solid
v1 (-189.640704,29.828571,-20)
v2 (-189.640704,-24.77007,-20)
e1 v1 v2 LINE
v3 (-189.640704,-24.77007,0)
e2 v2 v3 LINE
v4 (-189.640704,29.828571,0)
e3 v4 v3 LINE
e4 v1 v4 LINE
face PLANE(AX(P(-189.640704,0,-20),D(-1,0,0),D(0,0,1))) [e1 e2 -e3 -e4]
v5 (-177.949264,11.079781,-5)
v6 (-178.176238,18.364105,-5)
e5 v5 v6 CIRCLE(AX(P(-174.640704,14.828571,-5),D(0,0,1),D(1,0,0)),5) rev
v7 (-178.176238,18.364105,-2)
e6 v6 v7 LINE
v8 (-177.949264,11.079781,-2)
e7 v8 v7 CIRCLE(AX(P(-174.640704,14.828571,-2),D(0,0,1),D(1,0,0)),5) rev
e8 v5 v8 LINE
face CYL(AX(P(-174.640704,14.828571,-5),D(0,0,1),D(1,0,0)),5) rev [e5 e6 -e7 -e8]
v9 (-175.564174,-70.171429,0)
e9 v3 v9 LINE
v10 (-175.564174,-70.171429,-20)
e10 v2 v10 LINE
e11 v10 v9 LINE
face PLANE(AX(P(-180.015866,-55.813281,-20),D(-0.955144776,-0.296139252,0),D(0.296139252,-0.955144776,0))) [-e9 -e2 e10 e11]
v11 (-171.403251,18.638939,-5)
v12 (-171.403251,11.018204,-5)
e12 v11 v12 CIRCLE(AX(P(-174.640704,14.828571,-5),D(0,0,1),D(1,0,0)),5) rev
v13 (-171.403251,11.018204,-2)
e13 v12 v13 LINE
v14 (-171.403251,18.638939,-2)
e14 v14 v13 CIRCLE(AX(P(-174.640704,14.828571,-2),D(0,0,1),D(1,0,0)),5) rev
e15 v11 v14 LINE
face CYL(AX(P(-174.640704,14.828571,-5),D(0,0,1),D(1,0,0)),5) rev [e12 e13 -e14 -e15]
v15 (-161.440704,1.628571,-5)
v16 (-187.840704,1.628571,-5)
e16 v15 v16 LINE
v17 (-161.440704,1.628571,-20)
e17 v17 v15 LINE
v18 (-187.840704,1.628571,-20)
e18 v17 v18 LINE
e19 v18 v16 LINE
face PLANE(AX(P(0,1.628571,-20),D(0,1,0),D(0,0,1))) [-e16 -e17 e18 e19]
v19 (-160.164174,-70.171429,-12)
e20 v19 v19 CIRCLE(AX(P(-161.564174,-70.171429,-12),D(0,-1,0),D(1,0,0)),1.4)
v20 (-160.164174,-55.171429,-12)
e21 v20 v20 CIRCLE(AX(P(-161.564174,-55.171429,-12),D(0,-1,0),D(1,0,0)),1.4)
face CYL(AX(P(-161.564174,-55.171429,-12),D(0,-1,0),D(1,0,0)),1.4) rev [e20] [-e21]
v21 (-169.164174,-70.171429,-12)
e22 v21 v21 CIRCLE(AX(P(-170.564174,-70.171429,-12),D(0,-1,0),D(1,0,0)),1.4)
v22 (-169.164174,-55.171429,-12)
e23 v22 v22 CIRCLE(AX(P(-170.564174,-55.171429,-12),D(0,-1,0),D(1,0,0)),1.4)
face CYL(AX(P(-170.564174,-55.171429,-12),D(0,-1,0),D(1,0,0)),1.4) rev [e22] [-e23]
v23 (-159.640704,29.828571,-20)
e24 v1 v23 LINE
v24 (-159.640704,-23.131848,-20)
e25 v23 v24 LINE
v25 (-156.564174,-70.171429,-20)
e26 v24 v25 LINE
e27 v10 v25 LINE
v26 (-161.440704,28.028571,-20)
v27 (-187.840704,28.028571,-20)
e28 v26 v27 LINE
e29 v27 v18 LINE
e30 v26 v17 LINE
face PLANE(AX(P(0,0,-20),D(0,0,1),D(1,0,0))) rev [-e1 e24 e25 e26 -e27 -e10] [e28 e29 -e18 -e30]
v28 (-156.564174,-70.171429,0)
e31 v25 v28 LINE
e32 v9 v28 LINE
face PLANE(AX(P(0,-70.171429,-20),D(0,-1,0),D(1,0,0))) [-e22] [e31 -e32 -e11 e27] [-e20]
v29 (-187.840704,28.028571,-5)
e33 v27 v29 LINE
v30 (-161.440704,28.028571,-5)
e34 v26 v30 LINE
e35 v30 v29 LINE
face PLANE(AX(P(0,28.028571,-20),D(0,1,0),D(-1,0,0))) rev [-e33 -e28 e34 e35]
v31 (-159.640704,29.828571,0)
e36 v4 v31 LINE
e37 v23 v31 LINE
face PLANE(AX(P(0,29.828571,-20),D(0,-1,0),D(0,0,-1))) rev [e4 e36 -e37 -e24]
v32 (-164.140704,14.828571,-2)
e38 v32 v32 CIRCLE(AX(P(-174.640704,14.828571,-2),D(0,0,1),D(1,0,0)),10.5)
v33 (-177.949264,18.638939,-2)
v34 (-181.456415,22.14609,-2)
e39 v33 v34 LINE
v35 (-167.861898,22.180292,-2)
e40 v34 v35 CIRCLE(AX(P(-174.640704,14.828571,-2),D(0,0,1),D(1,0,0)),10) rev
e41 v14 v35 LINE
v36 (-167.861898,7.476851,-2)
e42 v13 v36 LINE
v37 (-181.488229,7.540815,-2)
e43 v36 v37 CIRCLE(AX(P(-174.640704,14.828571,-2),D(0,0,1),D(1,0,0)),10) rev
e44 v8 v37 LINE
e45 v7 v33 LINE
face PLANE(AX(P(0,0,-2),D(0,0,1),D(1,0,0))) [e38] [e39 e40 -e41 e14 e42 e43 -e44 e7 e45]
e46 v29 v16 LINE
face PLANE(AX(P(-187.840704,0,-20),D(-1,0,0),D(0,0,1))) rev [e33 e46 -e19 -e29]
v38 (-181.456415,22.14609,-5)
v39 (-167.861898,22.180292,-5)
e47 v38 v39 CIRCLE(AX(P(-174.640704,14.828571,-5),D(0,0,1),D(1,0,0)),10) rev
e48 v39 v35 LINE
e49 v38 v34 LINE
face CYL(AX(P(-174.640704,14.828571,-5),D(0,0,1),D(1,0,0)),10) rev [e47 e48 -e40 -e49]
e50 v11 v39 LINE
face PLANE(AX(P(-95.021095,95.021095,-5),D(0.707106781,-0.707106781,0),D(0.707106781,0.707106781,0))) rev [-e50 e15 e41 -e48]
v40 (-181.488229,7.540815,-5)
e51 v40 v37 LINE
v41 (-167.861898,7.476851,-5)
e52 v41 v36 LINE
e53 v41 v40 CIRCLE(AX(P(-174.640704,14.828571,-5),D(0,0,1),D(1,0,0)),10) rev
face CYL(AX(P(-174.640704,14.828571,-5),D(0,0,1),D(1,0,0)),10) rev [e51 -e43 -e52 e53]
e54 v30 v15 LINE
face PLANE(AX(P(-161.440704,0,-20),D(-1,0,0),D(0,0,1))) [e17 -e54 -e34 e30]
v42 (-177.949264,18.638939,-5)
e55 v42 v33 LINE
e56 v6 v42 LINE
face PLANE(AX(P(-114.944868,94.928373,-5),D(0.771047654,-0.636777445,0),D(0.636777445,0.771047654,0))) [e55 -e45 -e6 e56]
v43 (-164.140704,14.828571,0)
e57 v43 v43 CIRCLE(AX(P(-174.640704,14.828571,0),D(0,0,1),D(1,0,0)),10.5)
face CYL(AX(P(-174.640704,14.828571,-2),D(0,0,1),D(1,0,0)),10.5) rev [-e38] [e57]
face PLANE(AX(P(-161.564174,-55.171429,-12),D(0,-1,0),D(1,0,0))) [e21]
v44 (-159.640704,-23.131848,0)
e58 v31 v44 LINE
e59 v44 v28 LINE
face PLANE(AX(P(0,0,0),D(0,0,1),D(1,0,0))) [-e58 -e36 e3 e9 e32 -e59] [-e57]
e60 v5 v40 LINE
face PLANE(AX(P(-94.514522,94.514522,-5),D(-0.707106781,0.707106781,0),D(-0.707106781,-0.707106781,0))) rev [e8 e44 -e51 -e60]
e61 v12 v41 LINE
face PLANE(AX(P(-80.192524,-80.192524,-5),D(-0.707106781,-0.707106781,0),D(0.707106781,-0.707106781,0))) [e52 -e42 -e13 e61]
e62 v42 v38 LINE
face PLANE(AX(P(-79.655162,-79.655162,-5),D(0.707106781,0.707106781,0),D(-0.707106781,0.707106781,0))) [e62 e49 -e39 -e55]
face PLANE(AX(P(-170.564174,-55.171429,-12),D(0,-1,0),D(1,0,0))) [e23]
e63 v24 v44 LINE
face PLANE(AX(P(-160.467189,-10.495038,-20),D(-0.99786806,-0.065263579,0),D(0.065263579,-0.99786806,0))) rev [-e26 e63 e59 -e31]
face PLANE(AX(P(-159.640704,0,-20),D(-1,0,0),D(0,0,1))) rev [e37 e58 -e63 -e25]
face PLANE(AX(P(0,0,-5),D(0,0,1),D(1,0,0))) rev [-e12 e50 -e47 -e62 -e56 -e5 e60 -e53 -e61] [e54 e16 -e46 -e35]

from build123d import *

# Parameters (mm, degrees)
SKETCH1_3_W         = 26.4
SKETCH1_3_H         = 26.4
BOSS_EXTRUDE3_DEPTH = 20
SKETCH1_10_W        = 26.4
SKETCH1_10_H        = 26.4
BOSS_EXTRUDE7_DEPTH = 5
SKETCH1_R           = 10.5
CUT_EXTRUDE1_DEPTH  = 2
SKETCH2_R           = 1.4
CUT_EXTRUDE2_DEPTH  = 15


with BuildPart() as part:
    # Sketch1<3> → Boss-Extrude3 (new body)
    with BuildSketch(Plane.XY):
        Polygon((-189.640703899, -24.770069728), (-175.564173506, -70.171428571), (-156.564173506, -70.171428571), (-159.640703899, -23.131847808), (-159.640703899, 29.828571429), (-189.640703899, 29.828571429), align=None)
        with Locations((-174.640703899, 14.828571429)):
            Rectangle(SKETCH1_3_W, SKETCH1_3_H, mode=Mode.SUBTRACT)
    extrude(amount=-BOSS_EXTRUDE3_DEPTH)

    # Sketch1<10> → Boss-Extrude7 (add)
    with BuildSketch(Plane.XY):
        with Locations((-174.640703899, 14.828571429)):
            Rectangle(SKETCH1_10_W, SKETCH1_10_H)
        with BuildLine():
            Line((-171.403251306, 11.018203899), (-167.861898306, 7.4768509))
            ThreePointArc((-167.861898306, 7.4768509), (-174.687644898, 4.828681602), (-181.488229417, 7.540814964))
            Line((-181.488229417, 7.540814964), (-177.949263698, 11.079780683))
            ThreePointArc((-177.949263698, 11.079780683), (-179.638278417, 14.672850745), (-178.176237805, 18.364105335))
            Line((-178.176237805, 18.364105335), (-177.949263698, 18.638938958))
            Line((-177.949263698, 18.638938958), (-181.456415012, 22.146090272))
            ThreePointArc((-181.456415012, 22.146090272), (-174.665862261, 24.828539781), (-167.861898306, 22.180291958))
            Line((-167.861898306, 22.180291958), (-171.403251306, 18.638938958))
            ThreePointArc((-171.403251306, 18.638938958), (-169.640703899, 14.828571429), (-171.403251306, 11.018203899))
        make_face(mode=Mode.SUBTRACT)
    extrude(amount=-BOSS_EXTRUDE7_DEPTH)

    # Sketch1 → Cut-Extrude1 (cut)
    with BuildSketch(Plane.XY):
        with Locations((-174.640703899, 14.828571429)):
            Circle(SKETCH1_R)
        with BuildLine():
            ThreePointArc((-171.403251306, 18.638938958), (-169.640703899, 14.828571429), (-171.403251306, 11.018203899))
            Line((-171.403251306, 11.018203899), (-167.861898306, 7.4768509))
            ThreePointArc((-167.861898306, 7.4768509), (-174.687644898, 4.828681602), (-181.488229417, 7.540814964))
            Line((-181.488229417, 7.540814964), (-177.949263698, 11.079780683))
            ThreePointArc((-177.949263698, 11.079780683), (-179.638278417, 14.672850745), (-178.176237805, 18.364105335))
            Line((-178.176237805, 18.364105335), (-177.949263698, 18.638938958))
            Line((-177.949263698, 18.638938958), (-181.456415012, 22.146090272))
            ThreePointArc((-181.456415012, 22.146090272), (-174.665862261, 24.828539781), (-167.861898306, 22.180291958))
            Line((-167.861898306, 22.180291958), (-171.403251306, 18.638938958))
        make_face(mode=Mode.SUBTRACT)
    extrude(amount=-CUT_EXTRUDE1_DEPTH, mode=Mode.SUBTRACT)

    # Sketch2 → Cut-Extrude2 (cut)
    with BuildSketch(Plane(origin=(0, -70.171428571, 0), x_dir=(-1, 0, 0), z_dir=(0, -1, 0))):
        with Locations((161.564173506, 12)):
            Circle(SKETCH2_R)
        with Locations((170.564173506, 12)):
            Circle(SKETCH2_R)
    extrude(amount=-CUT_EXTRUDE2_DEPTH, mode=Mode.SUBTRACT)


solid = part.part
